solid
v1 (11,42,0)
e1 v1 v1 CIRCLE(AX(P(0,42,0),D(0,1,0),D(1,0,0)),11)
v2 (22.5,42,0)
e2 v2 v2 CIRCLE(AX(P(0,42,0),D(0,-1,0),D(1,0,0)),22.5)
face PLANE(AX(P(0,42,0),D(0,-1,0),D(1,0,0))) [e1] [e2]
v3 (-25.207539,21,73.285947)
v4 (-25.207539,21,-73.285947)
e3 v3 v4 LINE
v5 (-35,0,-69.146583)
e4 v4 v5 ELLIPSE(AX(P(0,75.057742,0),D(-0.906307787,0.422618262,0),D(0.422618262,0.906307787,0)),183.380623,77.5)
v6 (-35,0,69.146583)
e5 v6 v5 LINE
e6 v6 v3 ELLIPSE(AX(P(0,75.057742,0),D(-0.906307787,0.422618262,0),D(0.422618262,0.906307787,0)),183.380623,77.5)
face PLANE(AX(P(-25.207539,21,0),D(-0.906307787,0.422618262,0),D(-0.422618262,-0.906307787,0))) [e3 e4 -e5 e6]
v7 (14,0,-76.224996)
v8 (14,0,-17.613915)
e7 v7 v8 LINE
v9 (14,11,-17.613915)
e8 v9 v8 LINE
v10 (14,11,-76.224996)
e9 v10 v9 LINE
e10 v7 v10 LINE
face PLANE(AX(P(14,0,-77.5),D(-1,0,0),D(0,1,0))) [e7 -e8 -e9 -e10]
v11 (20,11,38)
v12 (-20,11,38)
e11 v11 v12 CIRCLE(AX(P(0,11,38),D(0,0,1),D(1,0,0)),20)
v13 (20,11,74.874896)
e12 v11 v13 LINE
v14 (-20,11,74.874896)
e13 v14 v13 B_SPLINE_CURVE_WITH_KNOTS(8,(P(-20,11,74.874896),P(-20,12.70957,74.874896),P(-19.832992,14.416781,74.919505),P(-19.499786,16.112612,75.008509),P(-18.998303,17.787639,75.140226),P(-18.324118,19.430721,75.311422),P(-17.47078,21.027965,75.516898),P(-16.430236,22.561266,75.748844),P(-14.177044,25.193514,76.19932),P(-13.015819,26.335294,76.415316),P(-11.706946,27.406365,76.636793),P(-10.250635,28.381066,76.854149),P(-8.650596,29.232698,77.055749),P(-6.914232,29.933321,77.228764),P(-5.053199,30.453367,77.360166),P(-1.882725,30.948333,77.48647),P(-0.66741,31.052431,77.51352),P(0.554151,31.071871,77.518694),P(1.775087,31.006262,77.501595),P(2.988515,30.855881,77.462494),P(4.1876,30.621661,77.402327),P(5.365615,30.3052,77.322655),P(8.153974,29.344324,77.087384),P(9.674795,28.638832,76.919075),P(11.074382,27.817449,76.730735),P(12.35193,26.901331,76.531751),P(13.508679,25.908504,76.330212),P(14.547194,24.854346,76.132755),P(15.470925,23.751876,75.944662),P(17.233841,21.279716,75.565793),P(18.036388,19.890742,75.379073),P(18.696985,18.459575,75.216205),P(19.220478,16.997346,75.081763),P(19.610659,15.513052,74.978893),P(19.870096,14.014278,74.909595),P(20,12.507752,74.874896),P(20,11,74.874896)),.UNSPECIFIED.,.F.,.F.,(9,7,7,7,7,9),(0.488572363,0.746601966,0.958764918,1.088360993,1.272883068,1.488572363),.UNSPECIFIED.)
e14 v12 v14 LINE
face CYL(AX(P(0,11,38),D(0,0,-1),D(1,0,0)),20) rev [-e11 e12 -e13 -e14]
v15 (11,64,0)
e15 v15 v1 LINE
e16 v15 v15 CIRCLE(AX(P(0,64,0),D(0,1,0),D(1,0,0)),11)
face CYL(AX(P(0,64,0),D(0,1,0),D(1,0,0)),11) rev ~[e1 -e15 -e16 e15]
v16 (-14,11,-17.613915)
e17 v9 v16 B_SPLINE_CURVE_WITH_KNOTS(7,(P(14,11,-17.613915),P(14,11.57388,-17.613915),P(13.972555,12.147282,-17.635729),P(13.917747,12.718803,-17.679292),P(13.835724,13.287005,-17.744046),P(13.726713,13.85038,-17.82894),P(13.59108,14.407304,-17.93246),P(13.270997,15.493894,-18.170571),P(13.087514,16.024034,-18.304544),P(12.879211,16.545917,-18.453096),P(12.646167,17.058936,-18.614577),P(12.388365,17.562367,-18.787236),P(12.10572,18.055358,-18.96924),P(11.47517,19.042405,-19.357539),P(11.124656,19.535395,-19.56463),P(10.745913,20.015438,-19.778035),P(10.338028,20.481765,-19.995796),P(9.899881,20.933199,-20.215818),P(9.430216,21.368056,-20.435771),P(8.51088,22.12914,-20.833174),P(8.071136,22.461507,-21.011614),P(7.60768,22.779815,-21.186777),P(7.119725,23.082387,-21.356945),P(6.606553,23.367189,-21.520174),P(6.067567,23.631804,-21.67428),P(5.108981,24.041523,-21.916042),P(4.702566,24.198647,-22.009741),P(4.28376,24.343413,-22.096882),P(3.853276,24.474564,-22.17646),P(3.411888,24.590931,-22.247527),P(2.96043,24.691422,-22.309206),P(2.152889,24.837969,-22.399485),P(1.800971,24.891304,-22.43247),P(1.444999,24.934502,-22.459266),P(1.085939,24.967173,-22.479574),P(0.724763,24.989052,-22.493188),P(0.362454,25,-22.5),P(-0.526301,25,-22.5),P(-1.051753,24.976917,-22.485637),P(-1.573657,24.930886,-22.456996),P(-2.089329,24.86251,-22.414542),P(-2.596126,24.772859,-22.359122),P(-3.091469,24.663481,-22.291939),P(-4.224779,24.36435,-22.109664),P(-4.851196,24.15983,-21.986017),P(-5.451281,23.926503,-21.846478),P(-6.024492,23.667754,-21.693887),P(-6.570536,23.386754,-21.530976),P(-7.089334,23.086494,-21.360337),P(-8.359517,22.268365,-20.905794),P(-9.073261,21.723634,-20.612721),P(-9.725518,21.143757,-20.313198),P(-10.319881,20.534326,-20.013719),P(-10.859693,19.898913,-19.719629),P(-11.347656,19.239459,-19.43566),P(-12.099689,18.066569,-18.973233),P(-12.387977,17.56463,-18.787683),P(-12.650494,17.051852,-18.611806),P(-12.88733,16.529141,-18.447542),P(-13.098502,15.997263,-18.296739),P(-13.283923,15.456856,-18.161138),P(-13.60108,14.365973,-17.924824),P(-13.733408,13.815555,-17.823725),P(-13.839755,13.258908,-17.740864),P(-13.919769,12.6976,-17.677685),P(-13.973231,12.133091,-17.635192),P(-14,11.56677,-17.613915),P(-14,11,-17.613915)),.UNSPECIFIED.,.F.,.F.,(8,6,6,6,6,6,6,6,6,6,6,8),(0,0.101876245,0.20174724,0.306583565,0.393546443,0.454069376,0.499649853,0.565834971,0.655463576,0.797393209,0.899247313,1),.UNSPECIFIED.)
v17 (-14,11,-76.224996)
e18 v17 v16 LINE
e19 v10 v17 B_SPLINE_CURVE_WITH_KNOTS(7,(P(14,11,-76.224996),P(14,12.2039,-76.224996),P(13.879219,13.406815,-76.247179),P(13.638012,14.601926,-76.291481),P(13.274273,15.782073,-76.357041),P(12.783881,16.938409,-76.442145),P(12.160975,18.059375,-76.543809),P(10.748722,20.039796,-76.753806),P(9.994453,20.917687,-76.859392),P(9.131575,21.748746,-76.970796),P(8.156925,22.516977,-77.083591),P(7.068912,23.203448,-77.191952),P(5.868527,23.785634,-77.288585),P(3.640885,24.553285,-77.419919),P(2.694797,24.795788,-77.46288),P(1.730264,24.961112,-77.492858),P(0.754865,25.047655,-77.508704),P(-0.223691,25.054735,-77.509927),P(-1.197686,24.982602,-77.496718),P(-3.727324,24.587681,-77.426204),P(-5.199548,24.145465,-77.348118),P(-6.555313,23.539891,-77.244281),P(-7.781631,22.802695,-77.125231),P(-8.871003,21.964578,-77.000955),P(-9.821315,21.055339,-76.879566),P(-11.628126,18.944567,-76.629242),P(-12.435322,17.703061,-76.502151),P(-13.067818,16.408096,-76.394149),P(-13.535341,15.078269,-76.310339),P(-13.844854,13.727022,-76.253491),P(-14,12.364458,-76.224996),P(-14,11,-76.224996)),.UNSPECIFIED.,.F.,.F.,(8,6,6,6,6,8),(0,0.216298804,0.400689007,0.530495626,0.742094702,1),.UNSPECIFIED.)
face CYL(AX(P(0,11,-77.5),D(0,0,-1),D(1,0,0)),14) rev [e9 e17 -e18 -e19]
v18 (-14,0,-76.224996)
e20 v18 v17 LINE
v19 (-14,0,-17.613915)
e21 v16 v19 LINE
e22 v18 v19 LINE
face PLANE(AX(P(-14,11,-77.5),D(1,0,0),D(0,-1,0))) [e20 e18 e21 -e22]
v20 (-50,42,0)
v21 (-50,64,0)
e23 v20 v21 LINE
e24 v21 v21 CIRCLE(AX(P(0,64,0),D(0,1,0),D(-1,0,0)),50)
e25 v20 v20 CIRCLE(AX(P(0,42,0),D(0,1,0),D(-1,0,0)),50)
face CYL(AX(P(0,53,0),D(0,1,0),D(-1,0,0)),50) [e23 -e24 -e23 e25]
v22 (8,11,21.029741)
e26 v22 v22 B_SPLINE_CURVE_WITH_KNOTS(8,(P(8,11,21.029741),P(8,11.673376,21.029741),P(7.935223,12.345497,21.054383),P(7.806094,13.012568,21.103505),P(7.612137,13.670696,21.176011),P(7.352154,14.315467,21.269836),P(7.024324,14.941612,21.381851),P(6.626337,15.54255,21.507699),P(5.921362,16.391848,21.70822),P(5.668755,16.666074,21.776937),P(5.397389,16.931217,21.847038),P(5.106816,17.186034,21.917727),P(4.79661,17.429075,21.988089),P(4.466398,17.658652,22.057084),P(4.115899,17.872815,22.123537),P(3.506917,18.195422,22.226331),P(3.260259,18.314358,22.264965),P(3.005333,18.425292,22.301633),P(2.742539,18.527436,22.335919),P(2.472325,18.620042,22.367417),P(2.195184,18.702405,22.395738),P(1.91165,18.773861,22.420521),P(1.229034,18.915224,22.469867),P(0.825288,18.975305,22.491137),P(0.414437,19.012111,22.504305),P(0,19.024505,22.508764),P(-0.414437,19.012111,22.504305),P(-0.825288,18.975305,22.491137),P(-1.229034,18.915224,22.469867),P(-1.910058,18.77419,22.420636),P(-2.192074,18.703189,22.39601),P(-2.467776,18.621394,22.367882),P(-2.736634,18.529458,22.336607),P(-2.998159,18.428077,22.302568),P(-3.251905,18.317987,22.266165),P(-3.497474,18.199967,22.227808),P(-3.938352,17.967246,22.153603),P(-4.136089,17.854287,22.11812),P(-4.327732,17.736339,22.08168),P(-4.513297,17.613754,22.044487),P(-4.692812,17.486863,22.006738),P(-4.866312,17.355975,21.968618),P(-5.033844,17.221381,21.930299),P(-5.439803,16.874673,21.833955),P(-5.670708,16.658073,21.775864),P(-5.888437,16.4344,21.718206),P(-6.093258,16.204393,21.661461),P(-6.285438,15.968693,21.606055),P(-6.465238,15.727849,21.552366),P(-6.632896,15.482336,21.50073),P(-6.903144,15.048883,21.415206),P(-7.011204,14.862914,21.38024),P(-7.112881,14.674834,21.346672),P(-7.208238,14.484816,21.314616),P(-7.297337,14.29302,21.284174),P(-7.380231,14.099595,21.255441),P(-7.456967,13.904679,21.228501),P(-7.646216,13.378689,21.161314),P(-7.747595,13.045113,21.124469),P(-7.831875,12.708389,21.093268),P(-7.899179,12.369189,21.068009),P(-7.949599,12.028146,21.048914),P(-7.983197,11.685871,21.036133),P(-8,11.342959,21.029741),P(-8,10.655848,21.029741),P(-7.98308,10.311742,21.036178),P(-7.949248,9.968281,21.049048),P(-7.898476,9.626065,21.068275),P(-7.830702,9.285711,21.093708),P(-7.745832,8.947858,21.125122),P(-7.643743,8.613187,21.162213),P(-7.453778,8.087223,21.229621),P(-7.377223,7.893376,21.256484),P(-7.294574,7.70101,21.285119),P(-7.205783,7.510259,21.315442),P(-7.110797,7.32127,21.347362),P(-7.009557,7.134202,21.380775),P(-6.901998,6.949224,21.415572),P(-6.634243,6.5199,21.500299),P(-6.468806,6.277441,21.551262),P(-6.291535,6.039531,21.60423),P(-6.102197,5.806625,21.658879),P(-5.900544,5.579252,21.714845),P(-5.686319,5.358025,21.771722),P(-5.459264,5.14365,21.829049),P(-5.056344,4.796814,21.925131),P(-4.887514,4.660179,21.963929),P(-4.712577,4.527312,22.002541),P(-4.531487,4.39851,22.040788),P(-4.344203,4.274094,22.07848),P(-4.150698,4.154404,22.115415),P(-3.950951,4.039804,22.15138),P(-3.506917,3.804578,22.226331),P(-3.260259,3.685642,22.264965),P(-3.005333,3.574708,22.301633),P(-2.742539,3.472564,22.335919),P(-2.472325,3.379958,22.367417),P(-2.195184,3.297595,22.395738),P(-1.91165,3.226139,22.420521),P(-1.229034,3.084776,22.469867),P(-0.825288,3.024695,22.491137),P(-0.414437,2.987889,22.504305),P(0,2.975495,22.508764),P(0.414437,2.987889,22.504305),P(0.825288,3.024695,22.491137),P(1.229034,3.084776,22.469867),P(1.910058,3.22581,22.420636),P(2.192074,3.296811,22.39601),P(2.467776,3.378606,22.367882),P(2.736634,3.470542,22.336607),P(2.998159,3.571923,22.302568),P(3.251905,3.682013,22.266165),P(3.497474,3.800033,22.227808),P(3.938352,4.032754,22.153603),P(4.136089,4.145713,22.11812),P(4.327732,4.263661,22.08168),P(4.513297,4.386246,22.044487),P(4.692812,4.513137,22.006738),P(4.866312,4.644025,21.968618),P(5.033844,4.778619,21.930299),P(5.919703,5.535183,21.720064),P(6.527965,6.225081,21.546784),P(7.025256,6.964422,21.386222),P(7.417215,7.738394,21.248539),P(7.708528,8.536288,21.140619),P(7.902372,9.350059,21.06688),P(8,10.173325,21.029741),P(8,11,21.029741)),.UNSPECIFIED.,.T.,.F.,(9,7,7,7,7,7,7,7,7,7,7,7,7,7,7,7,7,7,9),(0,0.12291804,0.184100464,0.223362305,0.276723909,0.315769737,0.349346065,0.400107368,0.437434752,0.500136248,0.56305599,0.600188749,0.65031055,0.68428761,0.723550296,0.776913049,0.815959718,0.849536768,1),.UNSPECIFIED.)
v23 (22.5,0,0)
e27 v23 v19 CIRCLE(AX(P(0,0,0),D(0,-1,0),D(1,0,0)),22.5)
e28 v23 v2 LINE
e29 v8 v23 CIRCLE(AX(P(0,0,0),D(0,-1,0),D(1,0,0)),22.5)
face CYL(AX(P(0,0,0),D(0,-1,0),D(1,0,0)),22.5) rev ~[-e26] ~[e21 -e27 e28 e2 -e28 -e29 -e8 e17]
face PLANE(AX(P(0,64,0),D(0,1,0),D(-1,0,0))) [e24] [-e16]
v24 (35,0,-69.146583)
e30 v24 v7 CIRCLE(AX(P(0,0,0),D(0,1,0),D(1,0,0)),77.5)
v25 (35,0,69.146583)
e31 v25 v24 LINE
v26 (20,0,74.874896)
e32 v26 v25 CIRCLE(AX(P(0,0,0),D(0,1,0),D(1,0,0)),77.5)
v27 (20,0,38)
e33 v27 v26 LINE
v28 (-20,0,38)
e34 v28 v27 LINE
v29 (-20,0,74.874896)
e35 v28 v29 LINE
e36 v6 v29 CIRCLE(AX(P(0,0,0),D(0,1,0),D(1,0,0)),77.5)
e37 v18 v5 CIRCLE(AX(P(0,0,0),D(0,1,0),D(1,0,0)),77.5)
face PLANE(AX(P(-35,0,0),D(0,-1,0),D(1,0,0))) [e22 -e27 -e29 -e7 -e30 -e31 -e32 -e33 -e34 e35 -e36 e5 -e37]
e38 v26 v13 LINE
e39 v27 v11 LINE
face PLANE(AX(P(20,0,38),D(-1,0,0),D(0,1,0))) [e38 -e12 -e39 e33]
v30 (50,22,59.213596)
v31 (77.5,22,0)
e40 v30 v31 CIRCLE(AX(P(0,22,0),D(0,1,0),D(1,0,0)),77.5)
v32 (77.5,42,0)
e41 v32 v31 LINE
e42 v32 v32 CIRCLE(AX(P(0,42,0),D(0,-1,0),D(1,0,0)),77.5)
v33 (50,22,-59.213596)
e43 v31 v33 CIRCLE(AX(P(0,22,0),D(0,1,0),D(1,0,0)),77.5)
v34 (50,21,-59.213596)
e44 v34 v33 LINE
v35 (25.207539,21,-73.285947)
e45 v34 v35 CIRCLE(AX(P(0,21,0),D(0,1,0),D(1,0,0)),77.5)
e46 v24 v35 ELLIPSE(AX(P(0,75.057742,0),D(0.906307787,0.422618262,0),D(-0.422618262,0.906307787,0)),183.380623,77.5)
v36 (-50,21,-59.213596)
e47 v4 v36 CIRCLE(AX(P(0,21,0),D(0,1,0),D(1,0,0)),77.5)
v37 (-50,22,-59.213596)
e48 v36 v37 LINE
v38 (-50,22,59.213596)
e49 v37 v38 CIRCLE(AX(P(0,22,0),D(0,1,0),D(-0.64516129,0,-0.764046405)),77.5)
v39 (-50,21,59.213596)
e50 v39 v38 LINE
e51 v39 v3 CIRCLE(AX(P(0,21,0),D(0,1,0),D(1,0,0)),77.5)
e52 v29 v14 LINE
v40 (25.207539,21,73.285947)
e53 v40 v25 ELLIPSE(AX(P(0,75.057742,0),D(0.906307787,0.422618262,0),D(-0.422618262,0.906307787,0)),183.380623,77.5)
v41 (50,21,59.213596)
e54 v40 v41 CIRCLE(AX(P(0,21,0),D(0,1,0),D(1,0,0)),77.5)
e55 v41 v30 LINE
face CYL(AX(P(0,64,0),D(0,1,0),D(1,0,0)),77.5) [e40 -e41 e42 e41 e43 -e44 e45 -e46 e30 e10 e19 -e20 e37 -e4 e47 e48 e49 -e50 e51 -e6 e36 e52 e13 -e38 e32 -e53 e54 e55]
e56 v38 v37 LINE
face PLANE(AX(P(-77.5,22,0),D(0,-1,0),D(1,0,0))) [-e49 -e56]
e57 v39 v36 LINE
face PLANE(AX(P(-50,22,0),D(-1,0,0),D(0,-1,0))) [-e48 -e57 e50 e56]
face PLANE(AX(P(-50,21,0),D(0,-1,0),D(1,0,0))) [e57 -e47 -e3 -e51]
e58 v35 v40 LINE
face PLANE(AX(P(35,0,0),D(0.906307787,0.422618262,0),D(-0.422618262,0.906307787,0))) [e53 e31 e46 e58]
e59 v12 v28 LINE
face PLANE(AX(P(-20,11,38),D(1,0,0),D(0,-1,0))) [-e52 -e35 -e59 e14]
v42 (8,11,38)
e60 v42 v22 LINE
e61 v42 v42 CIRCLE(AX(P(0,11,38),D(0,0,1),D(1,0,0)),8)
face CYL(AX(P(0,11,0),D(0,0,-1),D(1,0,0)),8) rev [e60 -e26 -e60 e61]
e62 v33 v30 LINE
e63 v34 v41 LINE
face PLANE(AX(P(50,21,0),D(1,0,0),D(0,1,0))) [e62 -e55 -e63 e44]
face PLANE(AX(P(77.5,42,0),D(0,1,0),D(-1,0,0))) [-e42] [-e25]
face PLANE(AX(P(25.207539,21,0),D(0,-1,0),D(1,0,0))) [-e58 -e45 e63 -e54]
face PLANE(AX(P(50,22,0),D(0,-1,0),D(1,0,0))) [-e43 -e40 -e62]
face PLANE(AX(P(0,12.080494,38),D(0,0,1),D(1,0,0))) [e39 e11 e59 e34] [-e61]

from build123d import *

# Parameters (mm, degrees)
SKETCH1_R           = 8
BOSS_EXTRUDE1_DEPTH = 77.5
SKETCH1_3_W         = 50
SKETCH1_3_H         = 22
CUT_EXTRUDE1_START  = 38
SKETCH1_4_R         = 8
CUT_EXTRUDE1_DEPTH  = 39.5
CUT_EXTRUDE2_START  = -77.5
SKETCH1_5_R         = 8
CUT_EXTRUDE2_DEPTH  = 77.5
SKETCH2_OUTSIDE_W   = 202.67
SKETCH2_OUTSIDE_H   = 202.67
SKETCH2_OUTSIDE_R   = 77.5
CUT_EXTRUDE4_DEPTH  = 77.5
SKETCH4_R           = 11
CUT_EXTRUDE5_DEPTH  = 77.5
SKETCH5_R           = 22.5
CUT_EXTRUDE6_DEPTH  = 42


with BuildPart() as part:
    # Sketch1 → Boss-Extrude1 (new, symmetric)
    with BuildSketch(Plane.XY):
        Polygon((35, 0), (25.207539179, 21), (50, 21), (50, 22), (77.5, 22), (77.5, 42), (-77.5, 42), (-77.5, 22), (-50, 22), (-50, 21), (-25.207539179, 21), (-35, 0), align=None)
        with Locations((0, 11)):
            Circle(SKETCH1_R, mode=Mode.SUBTRACT)
    extrude(amount=BOSS_EXTRUDE1_DEPTH, both=True)

    # Sketch1<3> → Revolve1 (revolve)
    with BuildSketch(Plane.XY):
        with Locations((-25, 53)):
            Rectangle(SKETCH1_3_W, SKETCH1_3_H)
    revolve(axis=Axis((0, 0, 0), (0, 1, 0)))

    # Sketch1<4> → Cut-Extrude1 (cut)
    with BuildSketch(Plane.XY.offset(CUT_EXTRUDE1_START)):
        with BuildLine():
            Line((20, 0), (20, 11))
            ThreePointArc((20, 11), (0, 31), (-20, 11))
            Line((-20, 11), (-20, 0))
            Line((-20, 0), (20, 0))
        make_face()
        with Locations((0, 11)):
            Circle(SKETCH1_4_R, mode=Mode.SUBTRACT)
    extrude(amount=CUT_EXTRUDE1_DEPTH, mode=Mode.SUBTRACT)

    # Sketch1<5> → Cut-Extrude2 (cut)
    with BuildSketch(Plane.XY.offset(CUT_EXTRUDE2_START)):
        with BuildLine():
            Line((14, 0), (14, 11))
            ThreePointArc((14, 11), (0, 25), (-14, 11))
            Line((-14, 11), (-14, 0))
            Line((-14, 0), (14, 0))
        make_face()
        with Locations((0, 11)):
            Circle(SKETCH1_5_R, mode=Mode.SUBTRACT)
    extrude(amount=CUT_EXTRUDE2_DEPTH, mode=Mode.SUBTRACT)

    # Sketch2 outside → Cut-Extrude4 (cut)
    with BuildSketch(Plane(origin=(0, 64, 0), x_dir=(1, 0, 0), z_dir=(0, 1, 0))):
        Rectangle(SKETCH2_OUTSIDE_W, SKETCH2_OUTSIDE_H)
        Circle(SKETCH2_OUTSIDE_R, mode=Mode.SUBTRACT)
    extrude(amount=-CUT_EXTRUDE4_DEPTH, mode=Mode.SUBTRACT)

    # Sketch4 → Cut-Extrude5 (cut)
    with BuildSketch(Plane(origin=(0, 64, 0), x_dir=(1, 0, 0), z_dir=(0, 1, 0))):
        Circle(SKETCH4_R)
    extrude(amount=-CUT_EXTRUDE5_DEPTH, mode=Mode.SUBTRACT)

    # Sketch5 → Cut-Extrude6 (cut)
    with BuildSketch(Plane.XZ):
        Circle(SKETCH5_R)
    extrude(amount=-CUT_EXTRUDE6_DEPTH, mode=Mode.SUBTRACT)


solid = part.part
